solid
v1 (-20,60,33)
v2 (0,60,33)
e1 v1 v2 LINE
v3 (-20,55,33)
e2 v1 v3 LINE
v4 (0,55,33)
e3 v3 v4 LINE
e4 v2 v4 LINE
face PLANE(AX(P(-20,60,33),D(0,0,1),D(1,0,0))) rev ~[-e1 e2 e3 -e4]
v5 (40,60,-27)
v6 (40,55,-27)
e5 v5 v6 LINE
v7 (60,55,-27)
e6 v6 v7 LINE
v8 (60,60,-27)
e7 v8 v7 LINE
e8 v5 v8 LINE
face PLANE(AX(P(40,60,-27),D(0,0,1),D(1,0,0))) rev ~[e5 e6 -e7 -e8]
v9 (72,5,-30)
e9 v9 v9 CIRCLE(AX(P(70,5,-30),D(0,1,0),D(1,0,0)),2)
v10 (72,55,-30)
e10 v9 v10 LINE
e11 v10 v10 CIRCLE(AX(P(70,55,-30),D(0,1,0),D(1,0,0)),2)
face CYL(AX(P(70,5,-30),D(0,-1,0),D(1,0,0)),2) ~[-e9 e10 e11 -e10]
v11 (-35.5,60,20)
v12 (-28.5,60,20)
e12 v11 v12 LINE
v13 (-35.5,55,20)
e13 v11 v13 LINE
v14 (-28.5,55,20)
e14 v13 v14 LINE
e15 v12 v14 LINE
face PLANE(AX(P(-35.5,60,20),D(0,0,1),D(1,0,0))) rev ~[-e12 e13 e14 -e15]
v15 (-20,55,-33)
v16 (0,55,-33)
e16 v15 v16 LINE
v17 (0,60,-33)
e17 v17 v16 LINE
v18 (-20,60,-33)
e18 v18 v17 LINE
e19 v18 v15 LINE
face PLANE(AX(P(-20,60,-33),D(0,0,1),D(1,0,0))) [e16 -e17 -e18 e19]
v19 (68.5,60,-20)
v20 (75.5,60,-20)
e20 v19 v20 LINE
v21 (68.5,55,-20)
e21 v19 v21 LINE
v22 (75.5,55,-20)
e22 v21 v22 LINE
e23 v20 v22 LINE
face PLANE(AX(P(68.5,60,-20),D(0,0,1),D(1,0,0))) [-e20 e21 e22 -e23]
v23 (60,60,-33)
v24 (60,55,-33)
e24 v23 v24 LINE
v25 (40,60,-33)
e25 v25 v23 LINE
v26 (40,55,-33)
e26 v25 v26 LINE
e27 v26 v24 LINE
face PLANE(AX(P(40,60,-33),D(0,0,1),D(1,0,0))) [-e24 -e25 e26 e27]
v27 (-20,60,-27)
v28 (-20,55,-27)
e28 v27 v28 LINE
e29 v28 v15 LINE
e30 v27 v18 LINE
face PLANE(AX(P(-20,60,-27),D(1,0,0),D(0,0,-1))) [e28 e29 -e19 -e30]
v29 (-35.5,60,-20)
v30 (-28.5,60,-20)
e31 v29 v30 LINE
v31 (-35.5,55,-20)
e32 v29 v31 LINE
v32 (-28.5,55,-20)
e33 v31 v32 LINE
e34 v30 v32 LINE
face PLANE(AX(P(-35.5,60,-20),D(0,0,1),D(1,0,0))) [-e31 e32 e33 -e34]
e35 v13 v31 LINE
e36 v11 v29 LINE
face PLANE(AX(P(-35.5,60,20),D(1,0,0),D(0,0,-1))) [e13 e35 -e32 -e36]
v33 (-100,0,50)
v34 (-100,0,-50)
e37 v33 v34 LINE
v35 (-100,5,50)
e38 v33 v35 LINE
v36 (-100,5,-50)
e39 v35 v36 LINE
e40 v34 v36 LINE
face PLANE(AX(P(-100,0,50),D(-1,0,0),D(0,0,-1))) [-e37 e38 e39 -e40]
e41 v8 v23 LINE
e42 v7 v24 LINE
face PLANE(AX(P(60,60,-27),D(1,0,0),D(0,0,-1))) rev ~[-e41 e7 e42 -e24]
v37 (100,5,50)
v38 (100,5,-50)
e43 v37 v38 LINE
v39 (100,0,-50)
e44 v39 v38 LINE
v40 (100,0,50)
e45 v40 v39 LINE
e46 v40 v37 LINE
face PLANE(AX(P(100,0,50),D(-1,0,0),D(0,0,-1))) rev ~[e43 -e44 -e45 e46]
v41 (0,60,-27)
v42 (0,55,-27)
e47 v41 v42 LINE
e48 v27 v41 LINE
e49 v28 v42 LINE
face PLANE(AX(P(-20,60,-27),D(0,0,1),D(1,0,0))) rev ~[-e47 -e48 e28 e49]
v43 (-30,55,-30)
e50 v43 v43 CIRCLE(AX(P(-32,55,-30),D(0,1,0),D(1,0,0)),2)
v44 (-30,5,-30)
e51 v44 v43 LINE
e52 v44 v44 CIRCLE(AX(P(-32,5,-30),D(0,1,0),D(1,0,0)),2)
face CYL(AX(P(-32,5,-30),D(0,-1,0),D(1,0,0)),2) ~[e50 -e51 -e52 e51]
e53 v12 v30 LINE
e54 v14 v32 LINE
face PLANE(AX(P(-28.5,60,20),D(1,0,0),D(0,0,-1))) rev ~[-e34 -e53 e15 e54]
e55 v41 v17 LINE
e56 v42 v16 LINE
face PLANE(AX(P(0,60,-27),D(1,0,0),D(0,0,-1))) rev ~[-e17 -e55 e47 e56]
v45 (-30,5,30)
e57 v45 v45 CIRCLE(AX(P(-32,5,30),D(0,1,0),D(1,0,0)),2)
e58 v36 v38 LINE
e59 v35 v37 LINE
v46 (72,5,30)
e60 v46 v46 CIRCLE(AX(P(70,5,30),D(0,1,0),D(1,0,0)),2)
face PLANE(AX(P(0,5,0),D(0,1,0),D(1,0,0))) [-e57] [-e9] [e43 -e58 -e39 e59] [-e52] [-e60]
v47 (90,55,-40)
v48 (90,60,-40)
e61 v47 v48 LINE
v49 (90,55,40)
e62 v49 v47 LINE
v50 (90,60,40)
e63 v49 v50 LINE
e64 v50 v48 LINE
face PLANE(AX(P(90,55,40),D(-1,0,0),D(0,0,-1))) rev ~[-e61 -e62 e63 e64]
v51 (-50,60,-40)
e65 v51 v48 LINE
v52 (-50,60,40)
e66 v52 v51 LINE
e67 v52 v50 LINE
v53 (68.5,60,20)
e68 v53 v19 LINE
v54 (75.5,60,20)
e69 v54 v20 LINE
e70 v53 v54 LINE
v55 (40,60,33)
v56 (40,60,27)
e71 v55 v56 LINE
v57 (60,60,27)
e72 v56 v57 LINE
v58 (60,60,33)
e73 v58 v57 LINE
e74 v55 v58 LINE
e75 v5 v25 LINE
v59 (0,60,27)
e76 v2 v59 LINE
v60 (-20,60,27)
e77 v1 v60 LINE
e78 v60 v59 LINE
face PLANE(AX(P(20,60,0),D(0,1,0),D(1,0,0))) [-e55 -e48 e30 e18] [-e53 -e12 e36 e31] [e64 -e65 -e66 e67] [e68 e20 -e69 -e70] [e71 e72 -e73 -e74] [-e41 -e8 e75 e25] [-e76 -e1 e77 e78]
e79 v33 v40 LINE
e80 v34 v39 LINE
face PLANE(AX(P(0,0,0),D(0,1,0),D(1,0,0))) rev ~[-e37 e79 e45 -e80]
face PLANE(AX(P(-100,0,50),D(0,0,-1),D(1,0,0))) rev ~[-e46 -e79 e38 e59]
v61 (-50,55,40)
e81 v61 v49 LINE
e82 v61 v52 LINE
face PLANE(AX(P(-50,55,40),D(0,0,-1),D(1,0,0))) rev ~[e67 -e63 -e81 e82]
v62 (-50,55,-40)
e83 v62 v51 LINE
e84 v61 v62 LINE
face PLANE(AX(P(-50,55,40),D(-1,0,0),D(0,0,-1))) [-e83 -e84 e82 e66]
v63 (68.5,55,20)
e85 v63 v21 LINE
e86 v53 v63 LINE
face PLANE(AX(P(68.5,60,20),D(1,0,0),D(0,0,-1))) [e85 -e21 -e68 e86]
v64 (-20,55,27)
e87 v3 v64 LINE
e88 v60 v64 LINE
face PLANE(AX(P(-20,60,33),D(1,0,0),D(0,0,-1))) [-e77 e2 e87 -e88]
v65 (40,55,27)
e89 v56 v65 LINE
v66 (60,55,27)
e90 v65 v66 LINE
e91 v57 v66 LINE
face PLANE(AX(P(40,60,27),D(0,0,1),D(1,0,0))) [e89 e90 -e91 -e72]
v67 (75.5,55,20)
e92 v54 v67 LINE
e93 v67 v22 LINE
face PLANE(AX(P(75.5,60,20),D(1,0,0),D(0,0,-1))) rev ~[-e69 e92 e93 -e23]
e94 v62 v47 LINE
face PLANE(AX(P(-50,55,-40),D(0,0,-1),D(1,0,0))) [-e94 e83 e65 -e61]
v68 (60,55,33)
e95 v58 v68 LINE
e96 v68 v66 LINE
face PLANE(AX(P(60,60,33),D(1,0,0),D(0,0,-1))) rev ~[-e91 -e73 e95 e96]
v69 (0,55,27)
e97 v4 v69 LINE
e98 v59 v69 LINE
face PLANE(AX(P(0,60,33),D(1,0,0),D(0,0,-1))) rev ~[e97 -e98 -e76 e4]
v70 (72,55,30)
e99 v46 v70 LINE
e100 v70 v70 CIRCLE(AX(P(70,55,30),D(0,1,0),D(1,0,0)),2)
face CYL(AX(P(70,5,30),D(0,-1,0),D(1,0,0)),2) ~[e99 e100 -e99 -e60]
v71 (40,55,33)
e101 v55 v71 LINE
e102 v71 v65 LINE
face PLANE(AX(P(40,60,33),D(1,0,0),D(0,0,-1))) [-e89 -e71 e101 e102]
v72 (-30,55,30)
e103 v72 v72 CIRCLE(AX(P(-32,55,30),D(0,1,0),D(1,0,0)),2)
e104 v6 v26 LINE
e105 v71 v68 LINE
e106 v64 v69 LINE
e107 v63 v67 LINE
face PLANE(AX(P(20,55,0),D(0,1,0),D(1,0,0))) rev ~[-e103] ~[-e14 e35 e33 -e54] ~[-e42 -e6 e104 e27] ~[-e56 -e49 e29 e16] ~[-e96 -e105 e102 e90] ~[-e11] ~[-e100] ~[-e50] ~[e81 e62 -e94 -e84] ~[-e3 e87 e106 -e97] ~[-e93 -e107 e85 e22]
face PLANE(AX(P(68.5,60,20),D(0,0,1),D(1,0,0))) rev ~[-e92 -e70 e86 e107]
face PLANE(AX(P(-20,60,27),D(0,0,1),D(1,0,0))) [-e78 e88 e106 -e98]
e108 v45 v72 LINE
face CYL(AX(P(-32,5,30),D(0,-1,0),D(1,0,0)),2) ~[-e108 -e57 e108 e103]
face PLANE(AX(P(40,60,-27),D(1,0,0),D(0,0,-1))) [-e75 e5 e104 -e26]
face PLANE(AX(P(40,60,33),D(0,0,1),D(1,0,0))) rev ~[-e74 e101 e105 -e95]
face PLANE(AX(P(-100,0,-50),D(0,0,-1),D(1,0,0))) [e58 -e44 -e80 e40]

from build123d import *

# Parameters (mm, degrees)
SKETCH1_W           = 200
SKETCH1_H           = 100
BOSS_EXTRUDE2_DEPTH = 5
SKETCH2_R           = 2
BOSS_EXTRUDE3_DEPTH = 50
SKETCH3_W           = 140
SKETCH3_H           = 80
BOSS_EXTRUDE4_DEPTH = 5
SKETCH4_W           = 20
SKETCH4_H           = 6
CUT_EXTRUDE1_DEPTH  = 5
SKETCH7_W           = 7
SKETCH7_H           = 40
CUT_EXTRUDE2_DEPTH  = 5


with BuildPart() as part:
    # Sketch1 → Boss-Extrude2 (new body)
    with BuildSketch(Plane(origin=(0, 0, 0), x_dir=(1, 0, 0), z_dir=(0, 1, 0))):
        Rectangle(SKETCH1_W, SKETCH1_H)
    extrude(amount=BOSS_EXTRUDE2_DEPTH)

    # Sketch2 → Boss-Extrude3 (add)
    with BuildSketch(Plane(origin=(0, 5, 0), x_dir=(1, 0, 0), z_dir=(0, 1, 0))):
        with Locations((70, -30)):
            Circle(SKETCH2_R)
        with Locations((-32, -30)):
            Circle(SKETCH2_R)
        with Locations((70, 30)):
            Circle(SKETCH2_R)
        with Locations((-32, 30)):
            Circle(SKETCH2_R)
    extrude(amount=BOSS_EXTRUDE3_DEPTH)

    # Sketch3 → Boss-Extrude4 (add)
    with BuildSketch(Plane(origin=(0, 55, 0), x_dir=(1, 0, 0), z_dir=(0, 1, 0))):
        with Locations((20, 0)):
            Rectangle(SKETCH3_W, SKETCH3_H)
    extrude(amount=BOSS_EXTRUDE4_DEPTH)

    # Sketch4 → Cut-Extrude1 (cut)
    with BuildSketch(Plane(origin=(0, 60, 0), x_dir=(1, 0, 0), z_dir=(0, 1, 0))):
        with Locations((-10, 30)):
            Rectangle(SKETCH4_W, SKETCH4_H)
        with Locations((-10, -30)):
            Rectangle(SKETCH4_W, SKETCH4_H)
        with Locations((50, -30)):
            Rectangle(SKETCH4_W, SKETCH4_H)
        with Locations((50, 30)):
            Rectangle(SKETCH4_W, SKETCH4_H)
    extrude(amount=-CUT_EXTRUDE1_DEPTH, mode=Mode.SUBTRACT)

    # Sketch7 → Cut-Extrude2 (cut)
    with BuildSketch(Plane(origin=(0, 60, 0), x_dir=(1, 0, 0), z_dir=(0, 1, 0))):
        with Locations((-32, 0)):
            Rectangle(SKETCH7_W, SKETCH7_H)
        with Locations((72, 0)):
            Rectangle(SKETCH7_W, SKETCH7_H)
    extrude(amount=-CUT_EXTRUDE2_DEPTH, mode=Mode.SUBTRACT)


solid = part.part
